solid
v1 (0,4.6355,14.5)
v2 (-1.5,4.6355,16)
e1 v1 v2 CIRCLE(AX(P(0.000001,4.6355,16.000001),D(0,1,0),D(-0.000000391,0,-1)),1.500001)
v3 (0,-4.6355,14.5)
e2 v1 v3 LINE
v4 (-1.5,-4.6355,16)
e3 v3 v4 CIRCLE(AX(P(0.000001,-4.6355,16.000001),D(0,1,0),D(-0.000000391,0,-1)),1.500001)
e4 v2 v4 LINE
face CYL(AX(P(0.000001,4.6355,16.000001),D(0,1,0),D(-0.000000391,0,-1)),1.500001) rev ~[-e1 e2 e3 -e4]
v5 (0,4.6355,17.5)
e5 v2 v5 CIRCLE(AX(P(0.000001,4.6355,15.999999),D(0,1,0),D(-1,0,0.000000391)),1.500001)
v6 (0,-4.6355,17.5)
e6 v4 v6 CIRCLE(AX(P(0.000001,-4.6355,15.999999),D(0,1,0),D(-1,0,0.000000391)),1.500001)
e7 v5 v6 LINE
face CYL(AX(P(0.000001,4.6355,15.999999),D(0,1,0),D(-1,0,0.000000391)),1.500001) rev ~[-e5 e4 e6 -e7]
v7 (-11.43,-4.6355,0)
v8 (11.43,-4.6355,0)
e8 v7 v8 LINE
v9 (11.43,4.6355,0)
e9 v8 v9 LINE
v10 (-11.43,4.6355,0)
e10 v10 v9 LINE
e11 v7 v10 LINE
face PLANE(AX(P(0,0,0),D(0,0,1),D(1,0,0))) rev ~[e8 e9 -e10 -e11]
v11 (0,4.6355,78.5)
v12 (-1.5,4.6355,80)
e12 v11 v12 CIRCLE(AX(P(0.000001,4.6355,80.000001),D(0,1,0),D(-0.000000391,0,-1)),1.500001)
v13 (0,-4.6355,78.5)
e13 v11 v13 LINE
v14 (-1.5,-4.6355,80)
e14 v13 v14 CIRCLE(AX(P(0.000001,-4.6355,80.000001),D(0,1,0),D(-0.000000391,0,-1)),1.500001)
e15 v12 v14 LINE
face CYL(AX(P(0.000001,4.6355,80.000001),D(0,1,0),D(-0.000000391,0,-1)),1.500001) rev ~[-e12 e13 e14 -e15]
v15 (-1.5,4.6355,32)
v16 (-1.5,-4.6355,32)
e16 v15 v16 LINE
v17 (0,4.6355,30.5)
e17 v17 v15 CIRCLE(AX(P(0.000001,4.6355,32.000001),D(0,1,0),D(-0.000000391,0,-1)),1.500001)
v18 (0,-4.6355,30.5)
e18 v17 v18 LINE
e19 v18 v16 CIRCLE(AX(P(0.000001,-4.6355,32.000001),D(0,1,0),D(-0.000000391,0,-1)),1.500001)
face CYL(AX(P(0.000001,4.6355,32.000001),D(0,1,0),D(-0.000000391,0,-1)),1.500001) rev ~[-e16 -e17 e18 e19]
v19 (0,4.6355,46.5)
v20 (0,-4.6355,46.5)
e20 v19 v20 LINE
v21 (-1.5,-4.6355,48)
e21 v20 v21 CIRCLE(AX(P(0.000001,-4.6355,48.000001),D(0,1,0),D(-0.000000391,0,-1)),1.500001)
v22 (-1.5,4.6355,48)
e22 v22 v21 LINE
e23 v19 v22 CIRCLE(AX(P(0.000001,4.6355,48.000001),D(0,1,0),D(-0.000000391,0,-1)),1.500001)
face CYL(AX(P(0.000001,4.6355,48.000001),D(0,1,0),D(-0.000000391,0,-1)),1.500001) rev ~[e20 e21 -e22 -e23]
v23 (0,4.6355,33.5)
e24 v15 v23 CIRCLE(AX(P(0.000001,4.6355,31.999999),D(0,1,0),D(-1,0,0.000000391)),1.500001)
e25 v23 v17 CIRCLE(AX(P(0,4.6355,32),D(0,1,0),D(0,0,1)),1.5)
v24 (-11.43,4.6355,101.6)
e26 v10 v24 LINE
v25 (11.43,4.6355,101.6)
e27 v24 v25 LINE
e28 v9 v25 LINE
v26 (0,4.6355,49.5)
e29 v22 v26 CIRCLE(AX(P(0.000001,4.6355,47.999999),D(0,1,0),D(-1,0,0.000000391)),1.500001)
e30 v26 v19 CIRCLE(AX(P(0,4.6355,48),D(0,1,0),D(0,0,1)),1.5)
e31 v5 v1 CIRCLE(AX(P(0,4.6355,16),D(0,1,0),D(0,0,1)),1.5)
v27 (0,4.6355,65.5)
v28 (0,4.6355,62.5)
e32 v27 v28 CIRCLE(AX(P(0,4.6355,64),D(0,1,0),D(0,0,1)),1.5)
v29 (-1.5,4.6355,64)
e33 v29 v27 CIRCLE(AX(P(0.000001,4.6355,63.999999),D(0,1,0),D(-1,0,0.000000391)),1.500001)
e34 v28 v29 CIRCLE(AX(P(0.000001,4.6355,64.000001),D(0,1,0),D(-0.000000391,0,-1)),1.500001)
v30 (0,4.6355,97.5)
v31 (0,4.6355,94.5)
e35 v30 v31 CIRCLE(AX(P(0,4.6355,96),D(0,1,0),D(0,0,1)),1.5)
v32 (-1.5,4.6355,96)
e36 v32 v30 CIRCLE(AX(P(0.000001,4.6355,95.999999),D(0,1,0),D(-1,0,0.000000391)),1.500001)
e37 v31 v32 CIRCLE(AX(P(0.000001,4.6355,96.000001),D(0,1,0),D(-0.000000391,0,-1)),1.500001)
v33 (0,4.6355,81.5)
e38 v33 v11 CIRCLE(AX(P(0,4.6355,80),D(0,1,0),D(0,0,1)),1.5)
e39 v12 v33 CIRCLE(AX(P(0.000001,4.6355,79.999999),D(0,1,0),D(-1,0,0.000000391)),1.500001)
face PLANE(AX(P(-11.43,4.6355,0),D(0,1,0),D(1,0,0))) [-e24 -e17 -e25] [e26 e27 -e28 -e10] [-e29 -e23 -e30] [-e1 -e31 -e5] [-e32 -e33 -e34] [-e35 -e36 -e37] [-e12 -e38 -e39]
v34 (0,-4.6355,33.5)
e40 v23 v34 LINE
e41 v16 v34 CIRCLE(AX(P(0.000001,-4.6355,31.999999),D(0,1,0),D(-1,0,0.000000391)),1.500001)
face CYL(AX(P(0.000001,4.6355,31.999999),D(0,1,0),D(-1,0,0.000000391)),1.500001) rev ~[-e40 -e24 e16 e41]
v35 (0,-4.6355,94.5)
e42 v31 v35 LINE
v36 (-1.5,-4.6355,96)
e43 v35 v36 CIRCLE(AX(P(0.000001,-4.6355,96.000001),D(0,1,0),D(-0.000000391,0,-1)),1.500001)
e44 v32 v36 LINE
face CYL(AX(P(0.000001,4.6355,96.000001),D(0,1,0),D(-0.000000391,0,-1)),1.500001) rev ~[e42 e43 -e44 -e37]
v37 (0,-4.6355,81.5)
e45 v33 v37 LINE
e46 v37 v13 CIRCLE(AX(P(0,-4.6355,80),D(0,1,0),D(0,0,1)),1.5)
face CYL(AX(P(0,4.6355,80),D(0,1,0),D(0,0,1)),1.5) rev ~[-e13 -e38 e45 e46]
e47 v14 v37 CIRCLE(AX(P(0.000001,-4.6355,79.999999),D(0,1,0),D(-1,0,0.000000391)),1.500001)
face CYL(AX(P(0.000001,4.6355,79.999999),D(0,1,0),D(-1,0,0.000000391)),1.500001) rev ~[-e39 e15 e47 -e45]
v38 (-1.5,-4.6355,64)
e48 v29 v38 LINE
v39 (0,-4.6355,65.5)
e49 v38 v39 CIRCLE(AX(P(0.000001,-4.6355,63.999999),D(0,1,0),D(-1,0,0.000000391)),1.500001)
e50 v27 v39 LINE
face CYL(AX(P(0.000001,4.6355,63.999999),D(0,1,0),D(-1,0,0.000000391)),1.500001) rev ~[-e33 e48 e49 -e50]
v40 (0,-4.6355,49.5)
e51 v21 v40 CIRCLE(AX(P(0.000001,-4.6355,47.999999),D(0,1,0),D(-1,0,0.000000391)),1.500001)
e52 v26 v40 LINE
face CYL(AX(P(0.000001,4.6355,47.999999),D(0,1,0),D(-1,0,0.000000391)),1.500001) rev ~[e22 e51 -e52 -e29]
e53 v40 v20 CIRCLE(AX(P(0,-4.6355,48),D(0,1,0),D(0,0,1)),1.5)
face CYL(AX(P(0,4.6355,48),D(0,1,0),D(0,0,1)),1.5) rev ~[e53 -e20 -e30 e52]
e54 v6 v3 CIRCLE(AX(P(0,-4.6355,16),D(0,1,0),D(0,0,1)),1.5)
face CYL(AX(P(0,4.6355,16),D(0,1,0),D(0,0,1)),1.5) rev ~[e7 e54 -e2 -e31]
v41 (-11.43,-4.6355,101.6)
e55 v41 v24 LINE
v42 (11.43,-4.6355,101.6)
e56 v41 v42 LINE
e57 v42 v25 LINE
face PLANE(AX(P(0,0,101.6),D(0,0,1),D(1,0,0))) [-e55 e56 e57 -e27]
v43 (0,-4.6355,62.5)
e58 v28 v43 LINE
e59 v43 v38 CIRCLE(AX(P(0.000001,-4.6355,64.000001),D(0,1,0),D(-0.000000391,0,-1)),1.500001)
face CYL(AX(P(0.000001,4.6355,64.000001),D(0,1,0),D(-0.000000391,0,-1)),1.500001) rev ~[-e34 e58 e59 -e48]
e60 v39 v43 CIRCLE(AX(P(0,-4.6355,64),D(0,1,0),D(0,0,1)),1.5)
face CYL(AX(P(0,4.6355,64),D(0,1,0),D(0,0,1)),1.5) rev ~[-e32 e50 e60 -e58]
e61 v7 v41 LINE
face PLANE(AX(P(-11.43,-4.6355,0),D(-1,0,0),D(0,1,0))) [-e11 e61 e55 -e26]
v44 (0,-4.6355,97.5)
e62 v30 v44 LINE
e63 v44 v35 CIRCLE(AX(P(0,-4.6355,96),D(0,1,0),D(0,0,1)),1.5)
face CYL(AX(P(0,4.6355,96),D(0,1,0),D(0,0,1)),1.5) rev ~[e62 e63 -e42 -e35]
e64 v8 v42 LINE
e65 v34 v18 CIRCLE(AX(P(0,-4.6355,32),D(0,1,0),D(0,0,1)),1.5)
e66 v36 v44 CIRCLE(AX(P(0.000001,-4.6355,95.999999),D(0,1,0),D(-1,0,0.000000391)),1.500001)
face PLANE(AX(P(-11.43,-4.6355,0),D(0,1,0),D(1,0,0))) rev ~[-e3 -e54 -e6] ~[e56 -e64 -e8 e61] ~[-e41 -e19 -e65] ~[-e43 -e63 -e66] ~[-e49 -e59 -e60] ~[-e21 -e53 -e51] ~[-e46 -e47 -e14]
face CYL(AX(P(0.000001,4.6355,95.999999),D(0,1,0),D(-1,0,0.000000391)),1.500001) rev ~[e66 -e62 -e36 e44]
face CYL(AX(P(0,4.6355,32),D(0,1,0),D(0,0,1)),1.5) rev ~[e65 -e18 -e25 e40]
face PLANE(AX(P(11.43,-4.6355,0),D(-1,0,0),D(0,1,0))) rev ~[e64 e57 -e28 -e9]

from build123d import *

# Parameters (mm, degrees)
F0_W     = 22.86
F0_H     = 9.271
F1_DEPTH = 101.6
F2_R     = 1.5
F3_DEPTH = 25.4


with BuildPart() as f1:
    # F0 (on Top) → F1 (new body)
    with BuildSketch(Plane.XY):
        Rectangle(F0_W, F0_H)
    extrude(amount=F1_DEPTH)

    # F2 (on face) → F3 (cut)
    with BuildSketch(Plane(origin=(0, 4.6355, 0), x_dir=(-1, 0, 0), z_dir=(0, 1, 0))):
        with BuildLine():
            ThreePointArc((0, 17.5), (-1.5, 16), (0, 14.5))
            Line((0, 14.5), (0, 17.5))
        make_face()
        with BuildLine():
            ThreePointArc((0, 97.5), (-1.5, 96), (0, 94.5))
            Line((0, 94.5), (0, 97.5))
        make_face()
        with BuildLine():
            Line((0, 97.5), (0, 94.5))
            ThreePointArc((0, 94.5), (1.06066, 94.93934), (1.5, 96))
            ThreePointArc((1.5, 96), (1.06066, 97.06066), (0, 97.5))
        make_face()
        with BuildLine():
            ThreePointArc((0, 81.5), (-1.5, 80), (0, 78.5))
            Line((0, 78.5), (0, 81.5))
        make_face()
        with BuildLine():
            Line((0, 81.5), (0, 78.5))
            ThreePointArc((0, 78.5), (1.06066, 78.93934), (1.5, 80))
            ThreePointArc((1.5, 80), (1.06066, 81.06066), (0, 81.5))
        make_face()
        with BuildLine():
            ThreePointArc((0, 65.5), (-1.5, 64), (0, 62.5))
            Line((0, 62.5), (0, 65.5))
        make_face()
        with BuildLine():
            Line((0, 65.5), (0, 62.5))
            ThreePointArc((0, 62.5), (1.06066, 62.93934), (1.5, 64))
            ThreePointArc((1.5, 64), (1.06066, 65.06066), (0, 65.5))
        make_face()
        with BuildLine():
            ThreePointArc((0, 49.5), (-1.5, 48), (0, 46.5))
            Line((0, 46.5), (0, 49.5))
        make_face()
        with BuildLine():
            Line((0, 49.5), (0, 46.5))
            ThreePointArc((0, 46.5), (1.06066, 46.93934), (1.5, 48))
            ThreePointArc((1.5, 48), (1.06066, 49.06066), (0, 49.5))
        make_face()
        with BuildLine():
            ThreePointArc((0, 33.5), (-1.5, 32), (0, 30.5))
            Line((0, 30.5), (0, 33.5))
        make_face()
        with BuildLine():
            Line((0, 33.5), (0, 30.5))
            ThreePointArc((0, 30.5), (1.06066, 30.93934), (1.5, 32))
            ThreePointArc((1.5, 32), (1.06066, 33.06066), (0, 33.5))
        make_face()
        with BuildLine():
            Line((0, 17.5), (0, 14.5))
            ThreePointArc((0, 14.5), (1.06066, 14.93934), (1.5, 16))
            ThreePointArc((1.5, 16), (1.06066, 17.06066), (0, 17.5))
        make_face()
        with Locations((0, 112)):
            Circle(F2_R)
    extrude(amount=-F3_DEPTH, mode=Mode.SUBTRACT)


solid = f1.part
